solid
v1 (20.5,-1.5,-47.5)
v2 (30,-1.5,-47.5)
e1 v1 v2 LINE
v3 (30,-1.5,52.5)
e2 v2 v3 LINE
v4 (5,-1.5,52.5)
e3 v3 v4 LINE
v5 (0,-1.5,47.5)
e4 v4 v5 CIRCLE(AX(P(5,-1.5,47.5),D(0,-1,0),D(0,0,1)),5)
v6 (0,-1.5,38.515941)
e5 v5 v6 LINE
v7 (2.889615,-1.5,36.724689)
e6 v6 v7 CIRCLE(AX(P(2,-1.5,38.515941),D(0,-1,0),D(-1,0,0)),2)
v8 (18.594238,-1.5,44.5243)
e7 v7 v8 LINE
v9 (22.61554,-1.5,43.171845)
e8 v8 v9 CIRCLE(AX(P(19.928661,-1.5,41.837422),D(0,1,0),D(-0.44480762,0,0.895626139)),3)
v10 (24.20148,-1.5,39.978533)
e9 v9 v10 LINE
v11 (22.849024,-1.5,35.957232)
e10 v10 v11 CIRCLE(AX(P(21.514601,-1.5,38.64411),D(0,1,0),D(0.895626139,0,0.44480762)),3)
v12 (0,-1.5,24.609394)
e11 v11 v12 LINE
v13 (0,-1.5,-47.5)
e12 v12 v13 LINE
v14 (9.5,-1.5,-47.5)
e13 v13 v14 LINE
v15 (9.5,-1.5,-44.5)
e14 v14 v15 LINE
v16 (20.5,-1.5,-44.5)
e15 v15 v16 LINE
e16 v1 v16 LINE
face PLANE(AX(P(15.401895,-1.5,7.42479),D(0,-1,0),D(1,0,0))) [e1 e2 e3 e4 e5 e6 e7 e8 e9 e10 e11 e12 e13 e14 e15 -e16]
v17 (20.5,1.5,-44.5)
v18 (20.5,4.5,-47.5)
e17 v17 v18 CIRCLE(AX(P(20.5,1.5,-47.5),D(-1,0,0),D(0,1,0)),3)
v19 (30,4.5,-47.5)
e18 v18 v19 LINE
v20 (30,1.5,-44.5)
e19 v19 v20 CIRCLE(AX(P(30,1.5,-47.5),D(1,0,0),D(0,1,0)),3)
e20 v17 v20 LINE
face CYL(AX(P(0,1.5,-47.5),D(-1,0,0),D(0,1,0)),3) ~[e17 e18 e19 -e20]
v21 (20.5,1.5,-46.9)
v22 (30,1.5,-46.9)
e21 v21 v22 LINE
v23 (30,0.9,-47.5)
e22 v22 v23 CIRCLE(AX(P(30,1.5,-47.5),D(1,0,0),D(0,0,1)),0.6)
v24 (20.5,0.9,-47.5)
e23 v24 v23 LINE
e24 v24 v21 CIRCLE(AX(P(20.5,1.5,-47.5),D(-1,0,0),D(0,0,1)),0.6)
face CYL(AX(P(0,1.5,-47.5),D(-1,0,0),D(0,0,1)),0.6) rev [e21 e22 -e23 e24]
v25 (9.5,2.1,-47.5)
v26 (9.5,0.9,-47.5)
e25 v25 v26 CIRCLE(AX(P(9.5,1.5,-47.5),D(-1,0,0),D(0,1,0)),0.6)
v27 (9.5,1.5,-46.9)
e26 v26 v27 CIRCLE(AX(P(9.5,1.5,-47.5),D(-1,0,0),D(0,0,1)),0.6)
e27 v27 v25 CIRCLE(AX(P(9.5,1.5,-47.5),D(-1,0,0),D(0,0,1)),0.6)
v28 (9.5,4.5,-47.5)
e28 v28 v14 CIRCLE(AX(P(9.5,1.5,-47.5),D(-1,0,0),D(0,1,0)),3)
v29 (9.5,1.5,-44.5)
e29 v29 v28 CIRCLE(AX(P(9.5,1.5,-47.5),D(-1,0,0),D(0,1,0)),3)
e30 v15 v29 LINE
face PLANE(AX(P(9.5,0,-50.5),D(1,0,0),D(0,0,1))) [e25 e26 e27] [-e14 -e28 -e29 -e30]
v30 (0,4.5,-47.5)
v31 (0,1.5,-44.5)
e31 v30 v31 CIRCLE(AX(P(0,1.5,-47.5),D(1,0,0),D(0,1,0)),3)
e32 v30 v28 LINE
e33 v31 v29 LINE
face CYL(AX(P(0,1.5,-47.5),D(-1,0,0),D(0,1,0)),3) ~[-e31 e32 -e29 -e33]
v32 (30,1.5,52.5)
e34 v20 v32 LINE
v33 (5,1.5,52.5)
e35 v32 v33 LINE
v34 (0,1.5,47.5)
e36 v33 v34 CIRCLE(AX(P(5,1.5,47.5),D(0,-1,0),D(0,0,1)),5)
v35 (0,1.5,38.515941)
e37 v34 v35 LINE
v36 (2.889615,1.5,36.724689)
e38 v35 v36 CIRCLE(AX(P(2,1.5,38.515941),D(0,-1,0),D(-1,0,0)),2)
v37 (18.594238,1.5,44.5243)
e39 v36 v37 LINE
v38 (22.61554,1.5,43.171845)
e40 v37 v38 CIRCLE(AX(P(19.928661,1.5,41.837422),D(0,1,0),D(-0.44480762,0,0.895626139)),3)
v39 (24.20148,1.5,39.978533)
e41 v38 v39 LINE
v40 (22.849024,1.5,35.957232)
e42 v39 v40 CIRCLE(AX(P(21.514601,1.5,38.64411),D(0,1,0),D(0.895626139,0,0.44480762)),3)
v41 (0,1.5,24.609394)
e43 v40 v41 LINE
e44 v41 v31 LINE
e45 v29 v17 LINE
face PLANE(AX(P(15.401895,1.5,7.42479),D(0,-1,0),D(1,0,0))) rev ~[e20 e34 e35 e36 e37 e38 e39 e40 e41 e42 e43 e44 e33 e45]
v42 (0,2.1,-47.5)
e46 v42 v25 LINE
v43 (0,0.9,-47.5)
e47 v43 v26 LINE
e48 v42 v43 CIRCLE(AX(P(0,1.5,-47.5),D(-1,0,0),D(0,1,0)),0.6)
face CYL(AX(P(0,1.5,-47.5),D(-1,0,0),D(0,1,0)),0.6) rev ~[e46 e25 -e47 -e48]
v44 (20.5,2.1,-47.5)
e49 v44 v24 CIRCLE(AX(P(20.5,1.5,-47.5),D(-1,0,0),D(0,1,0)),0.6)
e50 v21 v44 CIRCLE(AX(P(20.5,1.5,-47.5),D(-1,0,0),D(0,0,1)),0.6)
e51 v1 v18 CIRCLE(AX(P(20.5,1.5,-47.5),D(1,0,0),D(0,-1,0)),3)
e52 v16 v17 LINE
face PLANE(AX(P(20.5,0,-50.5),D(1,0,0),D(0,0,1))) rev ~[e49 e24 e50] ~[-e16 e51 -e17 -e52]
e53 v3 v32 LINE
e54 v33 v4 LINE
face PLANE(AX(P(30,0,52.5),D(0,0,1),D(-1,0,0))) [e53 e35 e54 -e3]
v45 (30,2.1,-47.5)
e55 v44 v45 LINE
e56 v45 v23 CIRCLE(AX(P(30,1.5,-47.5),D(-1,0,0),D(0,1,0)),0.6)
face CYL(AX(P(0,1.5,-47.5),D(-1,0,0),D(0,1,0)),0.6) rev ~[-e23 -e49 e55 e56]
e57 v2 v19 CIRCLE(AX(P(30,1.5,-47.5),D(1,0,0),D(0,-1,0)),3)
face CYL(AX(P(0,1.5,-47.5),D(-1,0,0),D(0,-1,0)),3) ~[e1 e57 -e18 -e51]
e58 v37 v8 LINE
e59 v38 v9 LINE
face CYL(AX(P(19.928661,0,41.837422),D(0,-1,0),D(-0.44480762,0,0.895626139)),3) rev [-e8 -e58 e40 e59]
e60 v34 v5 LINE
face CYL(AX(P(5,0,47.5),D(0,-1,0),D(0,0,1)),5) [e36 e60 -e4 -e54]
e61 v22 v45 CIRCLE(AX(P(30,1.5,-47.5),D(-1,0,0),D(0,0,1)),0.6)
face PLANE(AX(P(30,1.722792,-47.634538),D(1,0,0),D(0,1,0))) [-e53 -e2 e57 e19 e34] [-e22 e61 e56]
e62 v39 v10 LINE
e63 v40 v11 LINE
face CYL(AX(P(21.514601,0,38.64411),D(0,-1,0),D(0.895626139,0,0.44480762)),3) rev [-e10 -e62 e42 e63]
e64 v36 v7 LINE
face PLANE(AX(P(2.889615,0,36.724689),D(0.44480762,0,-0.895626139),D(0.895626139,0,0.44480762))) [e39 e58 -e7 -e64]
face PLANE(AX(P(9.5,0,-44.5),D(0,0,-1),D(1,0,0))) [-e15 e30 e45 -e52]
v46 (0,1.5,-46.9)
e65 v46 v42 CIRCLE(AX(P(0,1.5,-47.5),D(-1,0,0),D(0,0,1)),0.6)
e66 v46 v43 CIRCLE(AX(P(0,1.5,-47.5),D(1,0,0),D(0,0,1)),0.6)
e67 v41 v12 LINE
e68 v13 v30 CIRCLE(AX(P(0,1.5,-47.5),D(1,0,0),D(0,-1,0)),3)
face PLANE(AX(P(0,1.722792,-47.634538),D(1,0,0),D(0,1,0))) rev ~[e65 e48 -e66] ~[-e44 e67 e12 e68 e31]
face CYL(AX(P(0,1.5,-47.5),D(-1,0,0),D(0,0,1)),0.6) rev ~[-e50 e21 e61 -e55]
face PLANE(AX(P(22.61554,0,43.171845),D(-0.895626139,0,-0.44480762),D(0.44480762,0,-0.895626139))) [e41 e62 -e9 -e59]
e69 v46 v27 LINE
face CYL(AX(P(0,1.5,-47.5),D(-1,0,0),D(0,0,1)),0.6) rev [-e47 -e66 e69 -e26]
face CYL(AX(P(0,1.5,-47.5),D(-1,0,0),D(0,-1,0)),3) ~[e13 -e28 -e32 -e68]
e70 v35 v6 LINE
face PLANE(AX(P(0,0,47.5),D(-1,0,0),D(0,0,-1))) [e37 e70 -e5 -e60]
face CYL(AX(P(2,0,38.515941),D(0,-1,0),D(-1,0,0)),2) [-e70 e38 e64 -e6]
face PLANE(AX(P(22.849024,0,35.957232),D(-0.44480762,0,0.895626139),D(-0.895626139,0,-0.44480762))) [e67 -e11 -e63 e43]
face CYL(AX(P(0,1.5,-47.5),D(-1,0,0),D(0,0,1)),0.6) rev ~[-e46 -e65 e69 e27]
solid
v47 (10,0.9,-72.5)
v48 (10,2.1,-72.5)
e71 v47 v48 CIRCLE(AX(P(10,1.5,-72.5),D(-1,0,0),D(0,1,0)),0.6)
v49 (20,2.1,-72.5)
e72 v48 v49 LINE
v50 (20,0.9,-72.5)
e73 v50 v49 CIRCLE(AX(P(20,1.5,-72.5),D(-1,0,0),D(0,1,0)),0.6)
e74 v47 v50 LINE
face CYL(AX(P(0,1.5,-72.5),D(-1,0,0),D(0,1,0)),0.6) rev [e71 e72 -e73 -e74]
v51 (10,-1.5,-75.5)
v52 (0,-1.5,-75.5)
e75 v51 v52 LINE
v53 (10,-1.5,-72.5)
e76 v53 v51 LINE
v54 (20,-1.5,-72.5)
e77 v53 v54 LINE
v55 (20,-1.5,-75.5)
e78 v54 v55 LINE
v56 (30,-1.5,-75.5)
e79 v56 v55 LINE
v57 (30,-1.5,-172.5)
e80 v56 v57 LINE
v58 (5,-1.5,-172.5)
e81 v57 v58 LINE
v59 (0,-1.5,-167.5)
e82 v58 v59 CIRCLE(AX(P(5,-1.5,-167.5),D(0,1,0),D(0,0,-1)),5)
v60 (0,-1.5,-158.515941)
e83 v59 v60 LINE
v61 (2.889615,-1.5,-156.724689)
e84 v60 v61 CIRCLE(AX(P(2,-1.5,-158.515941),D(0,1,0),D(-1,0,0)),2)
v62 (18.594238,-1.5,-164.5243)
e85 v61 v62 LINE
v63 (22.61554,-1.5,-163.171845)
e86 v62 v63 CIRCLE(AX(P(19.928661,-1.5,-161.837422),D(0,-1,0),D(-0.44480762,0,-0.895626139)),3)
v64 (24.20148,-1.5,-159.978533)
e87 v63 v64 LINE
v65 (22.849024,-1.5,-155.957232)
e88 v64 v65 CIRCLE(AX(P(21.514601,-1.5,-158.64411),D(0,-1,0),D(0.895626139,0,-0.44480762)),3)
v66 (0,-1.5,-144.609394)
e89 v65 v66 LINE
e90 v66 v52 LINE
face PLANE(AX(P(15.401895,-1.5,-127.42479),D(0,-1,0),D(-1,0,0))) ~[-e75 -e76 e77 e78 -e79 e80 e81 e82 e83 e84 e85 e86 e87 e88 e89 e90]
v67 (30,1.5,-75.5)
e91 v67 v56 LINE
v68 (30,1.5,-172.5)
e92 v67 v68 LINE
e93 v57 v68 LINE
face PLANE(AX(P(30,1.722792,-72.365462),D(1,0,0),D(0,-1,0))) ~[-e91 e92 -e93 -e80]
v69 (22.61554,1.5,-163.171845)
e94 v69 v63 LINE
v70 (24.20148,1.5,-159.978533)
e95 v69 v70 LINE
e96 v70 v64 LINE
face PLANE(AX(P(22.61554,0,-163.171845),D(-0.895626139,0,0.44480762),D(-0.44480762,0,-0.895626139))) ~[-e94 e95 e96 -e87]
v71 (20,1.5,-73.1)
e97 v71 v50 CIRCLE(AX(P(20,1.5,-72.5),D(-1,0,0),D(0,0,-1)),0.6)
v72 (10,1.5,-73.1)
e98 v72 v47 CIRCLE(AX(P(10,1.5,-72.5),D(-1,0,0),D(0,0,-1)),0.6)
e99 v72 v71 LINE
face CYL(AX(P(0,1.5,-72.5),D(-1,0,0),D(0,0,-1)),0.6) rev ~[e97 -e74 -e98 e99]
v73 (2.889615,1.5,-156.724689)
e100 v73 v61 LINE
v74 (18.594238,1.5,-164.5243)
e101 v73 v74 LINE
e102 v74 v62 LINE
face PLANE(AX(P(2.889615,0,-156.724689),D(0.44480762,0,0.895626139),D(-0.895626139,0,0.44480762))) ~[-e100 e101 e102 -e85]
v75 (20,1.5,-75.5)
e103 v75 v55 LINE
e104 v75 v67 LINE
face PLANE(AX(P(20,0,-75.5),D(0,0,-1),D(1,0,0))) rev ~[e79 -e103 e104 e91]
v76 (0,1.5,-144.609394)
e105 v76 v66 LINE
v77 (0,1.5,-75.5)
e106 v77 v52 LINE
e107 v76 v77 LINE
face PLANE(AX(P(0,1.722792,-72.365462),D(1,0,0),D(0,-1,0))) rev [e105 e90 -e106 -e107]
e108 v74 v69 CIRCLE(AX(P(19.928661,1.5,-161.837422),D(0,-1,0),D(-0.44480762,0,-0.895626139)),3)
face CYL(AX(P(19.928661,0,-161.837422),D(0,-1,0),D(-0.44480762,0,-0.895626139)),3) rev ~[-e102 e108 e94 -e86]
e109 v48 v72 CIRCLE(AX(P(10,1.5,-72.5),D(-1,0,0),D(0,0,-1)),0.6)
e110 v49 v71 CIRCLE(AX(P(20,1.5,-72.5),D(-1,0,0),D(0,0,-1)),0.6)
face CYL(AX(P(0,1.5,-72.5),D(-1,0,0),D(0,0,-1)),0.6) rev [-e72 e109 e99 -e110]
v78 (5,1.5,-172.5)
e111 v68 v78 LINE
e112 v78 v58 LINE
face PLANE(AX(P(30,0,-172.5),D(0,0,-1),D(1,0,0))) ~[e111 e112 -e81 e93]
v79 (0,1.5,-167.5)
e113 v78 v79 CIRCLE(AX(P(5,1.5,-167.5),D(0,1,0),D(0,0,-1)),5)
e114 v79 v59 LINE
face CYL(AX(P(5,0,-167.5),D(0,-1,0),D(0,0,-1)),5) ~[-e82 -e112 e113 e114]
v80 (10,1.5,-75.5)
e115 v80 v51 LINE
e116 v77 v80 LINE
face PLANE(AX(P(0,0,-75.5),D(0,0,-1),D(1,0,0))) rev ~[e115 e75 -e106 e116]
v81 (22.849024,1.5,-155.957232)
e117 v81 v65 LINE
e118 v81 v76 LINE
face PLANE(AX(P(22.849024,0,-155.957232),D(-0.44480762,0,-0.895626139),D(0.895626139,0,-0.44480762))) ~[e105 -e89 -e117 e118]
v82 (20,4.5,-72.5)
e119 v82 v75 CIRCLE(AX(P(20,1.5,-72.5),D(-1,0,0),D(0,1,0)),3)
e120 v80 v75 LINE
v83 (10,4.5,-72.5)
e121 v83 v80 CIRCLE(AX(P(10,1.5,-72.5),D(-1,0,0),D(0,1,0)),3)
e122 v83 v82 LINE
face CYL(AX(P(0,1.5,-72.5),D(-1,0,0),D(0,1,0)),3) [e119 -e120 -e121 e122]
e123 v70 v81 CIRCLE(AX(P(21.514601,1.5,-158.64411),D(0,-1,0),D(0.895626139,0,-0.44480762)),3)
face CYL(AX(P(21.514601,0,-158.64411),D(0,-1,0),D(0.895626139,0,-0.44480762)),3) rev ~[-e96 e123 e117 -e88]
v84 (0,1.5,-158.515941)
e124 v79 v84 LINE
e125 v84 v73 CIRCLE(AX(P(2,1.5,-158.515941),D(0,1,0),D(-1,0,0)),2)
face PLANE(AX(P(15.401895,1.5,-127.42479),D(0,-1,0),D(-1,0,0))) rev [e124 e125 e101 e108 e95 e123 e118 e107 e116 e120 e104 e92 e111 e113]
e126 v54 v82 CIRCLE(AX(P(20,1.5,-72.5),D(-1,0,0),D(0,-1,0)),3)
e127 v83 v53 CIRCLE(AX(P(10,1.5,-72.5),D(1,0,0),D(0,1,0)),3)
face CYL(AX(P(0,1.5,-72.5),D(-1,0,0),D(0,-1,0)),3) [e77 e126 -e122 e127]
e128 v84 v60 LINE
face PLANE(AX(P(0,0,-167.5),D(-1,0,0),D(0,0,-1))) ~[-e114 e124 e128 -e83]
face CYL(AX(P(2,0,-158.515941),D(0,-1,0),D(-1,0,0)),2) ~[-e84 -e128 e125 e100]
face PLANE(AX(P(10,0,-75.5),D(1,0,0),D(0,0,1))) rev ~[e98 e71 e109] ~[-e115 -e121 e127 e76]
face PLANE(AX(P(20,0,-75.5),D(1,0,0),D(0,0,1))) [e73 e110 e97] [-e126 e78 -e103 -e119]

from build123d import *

# Parameters (mm, degrees)
F1_DEPTH  = 1.5
F3_DEPTH  = 30
F4_DEPTH  = 30
F7_W      = 11
F7_H      = 6
F8_DEPTH  = 7
F9_W      = 10
F9_H      = 6
F10_DEPTH = 12.5
F11_W     = 10
F11_H     = 6
F12_DEPTH = 12.5


with BuildPart() as f1:
    # F0 (on Front) → F1 (new body, symmetric)
    with BuildSketch(Plane.XZ):
        with BuildLine():
            Line((30, 52.5), (5, 52.5))
            ThreePointArc((5, 52.5), (1.4644660941, 51.0355339059), (0, 47.5))
            Line((0, 47.5), (0, 38.5159408377))
            ThreePointArc((0, 38.5159408377), (0.9462520417, 36.8160540061), (2.8896152404, 36.7246885595))
            Line((2.8896152404, 36.7246885595), (18.5942382679, 44.5243001271))
            ThreePointArc((18.5942382679, 44.5243001271), (20.8849916238, 44.6809111126), (22.6155395457, 43.1718445704))
            Line((22.6155395457, 43.1718445704), (24.2014796028, 39.9785328875))
            ThreePointArc((24.2014796028, 39.9785328875), (24.3580905882, 37.6877795315), (22.849024046, 35.9572316097))
            Line((22.849024046, 35.9572316097), (0, 24.6093939733))
            Line((0, 24.6093939733), (0, -47.5))
            Line((0, -47.5), (30, -47.5))
            Line((30, -47.5), (30, 52.5))
        make_face()
    extrude(amount=F1_DEPTH, both=True)

    # F2 (on Right) → F3 (join)
    with BuildSketch(Plane.YZ):
        with BuildLine():
            Line((0.9, -47.5), (-1.5, -47.5))
            ThreePointArc((-1.5, -47.5), (1.5, -50.5), (4.5, -47.5))
            ThreePointArc((4.5, -47.5), (3.6213203436, -45.3786796564), (1.5, -44.5))
            Line((1.5, -44.5), (1.5, -46.9))
            ThreePointArc((1.5, -46.9), (1.9242640687, -47.0757359313), (2.1, -47.5))
            ThreePointArc((2.1, -47.5), (1.5, -48.1), (0.9, -47.5))
        make_face()
        with BuildLine():
            Line((-1.5, 24.6093939733), (-1.5, -47.5))
            ThreePointArc((-1.5, -47.5), (-0.6213203436, -45.3786796564), (1.5, -44.5))
            Line((1.5, -44.5), (1.5, 24.6093939733))
            Line((1.5, 24.6093939733), (-1.5, 24.6093939733))
        make_face()
        with BuildLine():
            ThreePointArc((1.5, -44.5), (-0.6213203436, -45.3786796564), (-1.5, -47.5))
            Line((-1.5, -47.5), (0.9, -47.5))
            ThreePointArc((0.9, -47.5), (1.0757359313, -47.0757359313), (1.5, -46.9))
            Line((1.5, -46.9), (1.5, -44.5))
        make_face()
    extrude(amount=F3_DEPTH)

    # F2 (on Right) → F4 (cut)
    with BuildSketch(Plane.YZ):
        with BuildLine():
            ThreePointArc((1.5, -46.9), (1.0757359313, -47.0757359313), (0.9, -47.5))
            Line((0.9, -47.5), (1.5, -47.5))
            Line((1.5, -47.5), (1.5, -46.9))
        make_face()
    extrude(amount=F4_DEPTH, mode=Mode.SUBTRACT)


with BuildPart() as f6_1:
    # F6: instance of F1
    add(f1.part.mirror(Plane.XY.offset(-60)))

    # F9 (on Front) → F10 (cut, symmetric)
    with BuildSketch(Plane.XZ):
        with Locations((5, -72.5)):
            Rectangle(F9_W, F9_H)
    extrude(amount=F10_DEPTH, both=True, mode=Mode.SUBTRACT)

    # F11 (on Front) → F12 (cut, symmetric)
    with BuildSketch(Plane.XZ):
        with Locations((25, -72.5)):
            Rectangle(F11_W, F11_H)
    extrude(amount=F12_DEPTH, both=True, mode=Mode.SUBTRACT)


with BuildPart() as f1_1:
    add(f1.part)

    # F7 (on Front) → F8 (cut, symmetric)
    with BuildSketch(Plane.XZ):
        with Locations((15, -47.5)):
            Rectangle(F7_W, F7_H)
    extrude(amount=F8_DEPTH, both=True, mode=Mode.SUBTRACT)


solid = Compound([f6_1.part, f1_1.part])
